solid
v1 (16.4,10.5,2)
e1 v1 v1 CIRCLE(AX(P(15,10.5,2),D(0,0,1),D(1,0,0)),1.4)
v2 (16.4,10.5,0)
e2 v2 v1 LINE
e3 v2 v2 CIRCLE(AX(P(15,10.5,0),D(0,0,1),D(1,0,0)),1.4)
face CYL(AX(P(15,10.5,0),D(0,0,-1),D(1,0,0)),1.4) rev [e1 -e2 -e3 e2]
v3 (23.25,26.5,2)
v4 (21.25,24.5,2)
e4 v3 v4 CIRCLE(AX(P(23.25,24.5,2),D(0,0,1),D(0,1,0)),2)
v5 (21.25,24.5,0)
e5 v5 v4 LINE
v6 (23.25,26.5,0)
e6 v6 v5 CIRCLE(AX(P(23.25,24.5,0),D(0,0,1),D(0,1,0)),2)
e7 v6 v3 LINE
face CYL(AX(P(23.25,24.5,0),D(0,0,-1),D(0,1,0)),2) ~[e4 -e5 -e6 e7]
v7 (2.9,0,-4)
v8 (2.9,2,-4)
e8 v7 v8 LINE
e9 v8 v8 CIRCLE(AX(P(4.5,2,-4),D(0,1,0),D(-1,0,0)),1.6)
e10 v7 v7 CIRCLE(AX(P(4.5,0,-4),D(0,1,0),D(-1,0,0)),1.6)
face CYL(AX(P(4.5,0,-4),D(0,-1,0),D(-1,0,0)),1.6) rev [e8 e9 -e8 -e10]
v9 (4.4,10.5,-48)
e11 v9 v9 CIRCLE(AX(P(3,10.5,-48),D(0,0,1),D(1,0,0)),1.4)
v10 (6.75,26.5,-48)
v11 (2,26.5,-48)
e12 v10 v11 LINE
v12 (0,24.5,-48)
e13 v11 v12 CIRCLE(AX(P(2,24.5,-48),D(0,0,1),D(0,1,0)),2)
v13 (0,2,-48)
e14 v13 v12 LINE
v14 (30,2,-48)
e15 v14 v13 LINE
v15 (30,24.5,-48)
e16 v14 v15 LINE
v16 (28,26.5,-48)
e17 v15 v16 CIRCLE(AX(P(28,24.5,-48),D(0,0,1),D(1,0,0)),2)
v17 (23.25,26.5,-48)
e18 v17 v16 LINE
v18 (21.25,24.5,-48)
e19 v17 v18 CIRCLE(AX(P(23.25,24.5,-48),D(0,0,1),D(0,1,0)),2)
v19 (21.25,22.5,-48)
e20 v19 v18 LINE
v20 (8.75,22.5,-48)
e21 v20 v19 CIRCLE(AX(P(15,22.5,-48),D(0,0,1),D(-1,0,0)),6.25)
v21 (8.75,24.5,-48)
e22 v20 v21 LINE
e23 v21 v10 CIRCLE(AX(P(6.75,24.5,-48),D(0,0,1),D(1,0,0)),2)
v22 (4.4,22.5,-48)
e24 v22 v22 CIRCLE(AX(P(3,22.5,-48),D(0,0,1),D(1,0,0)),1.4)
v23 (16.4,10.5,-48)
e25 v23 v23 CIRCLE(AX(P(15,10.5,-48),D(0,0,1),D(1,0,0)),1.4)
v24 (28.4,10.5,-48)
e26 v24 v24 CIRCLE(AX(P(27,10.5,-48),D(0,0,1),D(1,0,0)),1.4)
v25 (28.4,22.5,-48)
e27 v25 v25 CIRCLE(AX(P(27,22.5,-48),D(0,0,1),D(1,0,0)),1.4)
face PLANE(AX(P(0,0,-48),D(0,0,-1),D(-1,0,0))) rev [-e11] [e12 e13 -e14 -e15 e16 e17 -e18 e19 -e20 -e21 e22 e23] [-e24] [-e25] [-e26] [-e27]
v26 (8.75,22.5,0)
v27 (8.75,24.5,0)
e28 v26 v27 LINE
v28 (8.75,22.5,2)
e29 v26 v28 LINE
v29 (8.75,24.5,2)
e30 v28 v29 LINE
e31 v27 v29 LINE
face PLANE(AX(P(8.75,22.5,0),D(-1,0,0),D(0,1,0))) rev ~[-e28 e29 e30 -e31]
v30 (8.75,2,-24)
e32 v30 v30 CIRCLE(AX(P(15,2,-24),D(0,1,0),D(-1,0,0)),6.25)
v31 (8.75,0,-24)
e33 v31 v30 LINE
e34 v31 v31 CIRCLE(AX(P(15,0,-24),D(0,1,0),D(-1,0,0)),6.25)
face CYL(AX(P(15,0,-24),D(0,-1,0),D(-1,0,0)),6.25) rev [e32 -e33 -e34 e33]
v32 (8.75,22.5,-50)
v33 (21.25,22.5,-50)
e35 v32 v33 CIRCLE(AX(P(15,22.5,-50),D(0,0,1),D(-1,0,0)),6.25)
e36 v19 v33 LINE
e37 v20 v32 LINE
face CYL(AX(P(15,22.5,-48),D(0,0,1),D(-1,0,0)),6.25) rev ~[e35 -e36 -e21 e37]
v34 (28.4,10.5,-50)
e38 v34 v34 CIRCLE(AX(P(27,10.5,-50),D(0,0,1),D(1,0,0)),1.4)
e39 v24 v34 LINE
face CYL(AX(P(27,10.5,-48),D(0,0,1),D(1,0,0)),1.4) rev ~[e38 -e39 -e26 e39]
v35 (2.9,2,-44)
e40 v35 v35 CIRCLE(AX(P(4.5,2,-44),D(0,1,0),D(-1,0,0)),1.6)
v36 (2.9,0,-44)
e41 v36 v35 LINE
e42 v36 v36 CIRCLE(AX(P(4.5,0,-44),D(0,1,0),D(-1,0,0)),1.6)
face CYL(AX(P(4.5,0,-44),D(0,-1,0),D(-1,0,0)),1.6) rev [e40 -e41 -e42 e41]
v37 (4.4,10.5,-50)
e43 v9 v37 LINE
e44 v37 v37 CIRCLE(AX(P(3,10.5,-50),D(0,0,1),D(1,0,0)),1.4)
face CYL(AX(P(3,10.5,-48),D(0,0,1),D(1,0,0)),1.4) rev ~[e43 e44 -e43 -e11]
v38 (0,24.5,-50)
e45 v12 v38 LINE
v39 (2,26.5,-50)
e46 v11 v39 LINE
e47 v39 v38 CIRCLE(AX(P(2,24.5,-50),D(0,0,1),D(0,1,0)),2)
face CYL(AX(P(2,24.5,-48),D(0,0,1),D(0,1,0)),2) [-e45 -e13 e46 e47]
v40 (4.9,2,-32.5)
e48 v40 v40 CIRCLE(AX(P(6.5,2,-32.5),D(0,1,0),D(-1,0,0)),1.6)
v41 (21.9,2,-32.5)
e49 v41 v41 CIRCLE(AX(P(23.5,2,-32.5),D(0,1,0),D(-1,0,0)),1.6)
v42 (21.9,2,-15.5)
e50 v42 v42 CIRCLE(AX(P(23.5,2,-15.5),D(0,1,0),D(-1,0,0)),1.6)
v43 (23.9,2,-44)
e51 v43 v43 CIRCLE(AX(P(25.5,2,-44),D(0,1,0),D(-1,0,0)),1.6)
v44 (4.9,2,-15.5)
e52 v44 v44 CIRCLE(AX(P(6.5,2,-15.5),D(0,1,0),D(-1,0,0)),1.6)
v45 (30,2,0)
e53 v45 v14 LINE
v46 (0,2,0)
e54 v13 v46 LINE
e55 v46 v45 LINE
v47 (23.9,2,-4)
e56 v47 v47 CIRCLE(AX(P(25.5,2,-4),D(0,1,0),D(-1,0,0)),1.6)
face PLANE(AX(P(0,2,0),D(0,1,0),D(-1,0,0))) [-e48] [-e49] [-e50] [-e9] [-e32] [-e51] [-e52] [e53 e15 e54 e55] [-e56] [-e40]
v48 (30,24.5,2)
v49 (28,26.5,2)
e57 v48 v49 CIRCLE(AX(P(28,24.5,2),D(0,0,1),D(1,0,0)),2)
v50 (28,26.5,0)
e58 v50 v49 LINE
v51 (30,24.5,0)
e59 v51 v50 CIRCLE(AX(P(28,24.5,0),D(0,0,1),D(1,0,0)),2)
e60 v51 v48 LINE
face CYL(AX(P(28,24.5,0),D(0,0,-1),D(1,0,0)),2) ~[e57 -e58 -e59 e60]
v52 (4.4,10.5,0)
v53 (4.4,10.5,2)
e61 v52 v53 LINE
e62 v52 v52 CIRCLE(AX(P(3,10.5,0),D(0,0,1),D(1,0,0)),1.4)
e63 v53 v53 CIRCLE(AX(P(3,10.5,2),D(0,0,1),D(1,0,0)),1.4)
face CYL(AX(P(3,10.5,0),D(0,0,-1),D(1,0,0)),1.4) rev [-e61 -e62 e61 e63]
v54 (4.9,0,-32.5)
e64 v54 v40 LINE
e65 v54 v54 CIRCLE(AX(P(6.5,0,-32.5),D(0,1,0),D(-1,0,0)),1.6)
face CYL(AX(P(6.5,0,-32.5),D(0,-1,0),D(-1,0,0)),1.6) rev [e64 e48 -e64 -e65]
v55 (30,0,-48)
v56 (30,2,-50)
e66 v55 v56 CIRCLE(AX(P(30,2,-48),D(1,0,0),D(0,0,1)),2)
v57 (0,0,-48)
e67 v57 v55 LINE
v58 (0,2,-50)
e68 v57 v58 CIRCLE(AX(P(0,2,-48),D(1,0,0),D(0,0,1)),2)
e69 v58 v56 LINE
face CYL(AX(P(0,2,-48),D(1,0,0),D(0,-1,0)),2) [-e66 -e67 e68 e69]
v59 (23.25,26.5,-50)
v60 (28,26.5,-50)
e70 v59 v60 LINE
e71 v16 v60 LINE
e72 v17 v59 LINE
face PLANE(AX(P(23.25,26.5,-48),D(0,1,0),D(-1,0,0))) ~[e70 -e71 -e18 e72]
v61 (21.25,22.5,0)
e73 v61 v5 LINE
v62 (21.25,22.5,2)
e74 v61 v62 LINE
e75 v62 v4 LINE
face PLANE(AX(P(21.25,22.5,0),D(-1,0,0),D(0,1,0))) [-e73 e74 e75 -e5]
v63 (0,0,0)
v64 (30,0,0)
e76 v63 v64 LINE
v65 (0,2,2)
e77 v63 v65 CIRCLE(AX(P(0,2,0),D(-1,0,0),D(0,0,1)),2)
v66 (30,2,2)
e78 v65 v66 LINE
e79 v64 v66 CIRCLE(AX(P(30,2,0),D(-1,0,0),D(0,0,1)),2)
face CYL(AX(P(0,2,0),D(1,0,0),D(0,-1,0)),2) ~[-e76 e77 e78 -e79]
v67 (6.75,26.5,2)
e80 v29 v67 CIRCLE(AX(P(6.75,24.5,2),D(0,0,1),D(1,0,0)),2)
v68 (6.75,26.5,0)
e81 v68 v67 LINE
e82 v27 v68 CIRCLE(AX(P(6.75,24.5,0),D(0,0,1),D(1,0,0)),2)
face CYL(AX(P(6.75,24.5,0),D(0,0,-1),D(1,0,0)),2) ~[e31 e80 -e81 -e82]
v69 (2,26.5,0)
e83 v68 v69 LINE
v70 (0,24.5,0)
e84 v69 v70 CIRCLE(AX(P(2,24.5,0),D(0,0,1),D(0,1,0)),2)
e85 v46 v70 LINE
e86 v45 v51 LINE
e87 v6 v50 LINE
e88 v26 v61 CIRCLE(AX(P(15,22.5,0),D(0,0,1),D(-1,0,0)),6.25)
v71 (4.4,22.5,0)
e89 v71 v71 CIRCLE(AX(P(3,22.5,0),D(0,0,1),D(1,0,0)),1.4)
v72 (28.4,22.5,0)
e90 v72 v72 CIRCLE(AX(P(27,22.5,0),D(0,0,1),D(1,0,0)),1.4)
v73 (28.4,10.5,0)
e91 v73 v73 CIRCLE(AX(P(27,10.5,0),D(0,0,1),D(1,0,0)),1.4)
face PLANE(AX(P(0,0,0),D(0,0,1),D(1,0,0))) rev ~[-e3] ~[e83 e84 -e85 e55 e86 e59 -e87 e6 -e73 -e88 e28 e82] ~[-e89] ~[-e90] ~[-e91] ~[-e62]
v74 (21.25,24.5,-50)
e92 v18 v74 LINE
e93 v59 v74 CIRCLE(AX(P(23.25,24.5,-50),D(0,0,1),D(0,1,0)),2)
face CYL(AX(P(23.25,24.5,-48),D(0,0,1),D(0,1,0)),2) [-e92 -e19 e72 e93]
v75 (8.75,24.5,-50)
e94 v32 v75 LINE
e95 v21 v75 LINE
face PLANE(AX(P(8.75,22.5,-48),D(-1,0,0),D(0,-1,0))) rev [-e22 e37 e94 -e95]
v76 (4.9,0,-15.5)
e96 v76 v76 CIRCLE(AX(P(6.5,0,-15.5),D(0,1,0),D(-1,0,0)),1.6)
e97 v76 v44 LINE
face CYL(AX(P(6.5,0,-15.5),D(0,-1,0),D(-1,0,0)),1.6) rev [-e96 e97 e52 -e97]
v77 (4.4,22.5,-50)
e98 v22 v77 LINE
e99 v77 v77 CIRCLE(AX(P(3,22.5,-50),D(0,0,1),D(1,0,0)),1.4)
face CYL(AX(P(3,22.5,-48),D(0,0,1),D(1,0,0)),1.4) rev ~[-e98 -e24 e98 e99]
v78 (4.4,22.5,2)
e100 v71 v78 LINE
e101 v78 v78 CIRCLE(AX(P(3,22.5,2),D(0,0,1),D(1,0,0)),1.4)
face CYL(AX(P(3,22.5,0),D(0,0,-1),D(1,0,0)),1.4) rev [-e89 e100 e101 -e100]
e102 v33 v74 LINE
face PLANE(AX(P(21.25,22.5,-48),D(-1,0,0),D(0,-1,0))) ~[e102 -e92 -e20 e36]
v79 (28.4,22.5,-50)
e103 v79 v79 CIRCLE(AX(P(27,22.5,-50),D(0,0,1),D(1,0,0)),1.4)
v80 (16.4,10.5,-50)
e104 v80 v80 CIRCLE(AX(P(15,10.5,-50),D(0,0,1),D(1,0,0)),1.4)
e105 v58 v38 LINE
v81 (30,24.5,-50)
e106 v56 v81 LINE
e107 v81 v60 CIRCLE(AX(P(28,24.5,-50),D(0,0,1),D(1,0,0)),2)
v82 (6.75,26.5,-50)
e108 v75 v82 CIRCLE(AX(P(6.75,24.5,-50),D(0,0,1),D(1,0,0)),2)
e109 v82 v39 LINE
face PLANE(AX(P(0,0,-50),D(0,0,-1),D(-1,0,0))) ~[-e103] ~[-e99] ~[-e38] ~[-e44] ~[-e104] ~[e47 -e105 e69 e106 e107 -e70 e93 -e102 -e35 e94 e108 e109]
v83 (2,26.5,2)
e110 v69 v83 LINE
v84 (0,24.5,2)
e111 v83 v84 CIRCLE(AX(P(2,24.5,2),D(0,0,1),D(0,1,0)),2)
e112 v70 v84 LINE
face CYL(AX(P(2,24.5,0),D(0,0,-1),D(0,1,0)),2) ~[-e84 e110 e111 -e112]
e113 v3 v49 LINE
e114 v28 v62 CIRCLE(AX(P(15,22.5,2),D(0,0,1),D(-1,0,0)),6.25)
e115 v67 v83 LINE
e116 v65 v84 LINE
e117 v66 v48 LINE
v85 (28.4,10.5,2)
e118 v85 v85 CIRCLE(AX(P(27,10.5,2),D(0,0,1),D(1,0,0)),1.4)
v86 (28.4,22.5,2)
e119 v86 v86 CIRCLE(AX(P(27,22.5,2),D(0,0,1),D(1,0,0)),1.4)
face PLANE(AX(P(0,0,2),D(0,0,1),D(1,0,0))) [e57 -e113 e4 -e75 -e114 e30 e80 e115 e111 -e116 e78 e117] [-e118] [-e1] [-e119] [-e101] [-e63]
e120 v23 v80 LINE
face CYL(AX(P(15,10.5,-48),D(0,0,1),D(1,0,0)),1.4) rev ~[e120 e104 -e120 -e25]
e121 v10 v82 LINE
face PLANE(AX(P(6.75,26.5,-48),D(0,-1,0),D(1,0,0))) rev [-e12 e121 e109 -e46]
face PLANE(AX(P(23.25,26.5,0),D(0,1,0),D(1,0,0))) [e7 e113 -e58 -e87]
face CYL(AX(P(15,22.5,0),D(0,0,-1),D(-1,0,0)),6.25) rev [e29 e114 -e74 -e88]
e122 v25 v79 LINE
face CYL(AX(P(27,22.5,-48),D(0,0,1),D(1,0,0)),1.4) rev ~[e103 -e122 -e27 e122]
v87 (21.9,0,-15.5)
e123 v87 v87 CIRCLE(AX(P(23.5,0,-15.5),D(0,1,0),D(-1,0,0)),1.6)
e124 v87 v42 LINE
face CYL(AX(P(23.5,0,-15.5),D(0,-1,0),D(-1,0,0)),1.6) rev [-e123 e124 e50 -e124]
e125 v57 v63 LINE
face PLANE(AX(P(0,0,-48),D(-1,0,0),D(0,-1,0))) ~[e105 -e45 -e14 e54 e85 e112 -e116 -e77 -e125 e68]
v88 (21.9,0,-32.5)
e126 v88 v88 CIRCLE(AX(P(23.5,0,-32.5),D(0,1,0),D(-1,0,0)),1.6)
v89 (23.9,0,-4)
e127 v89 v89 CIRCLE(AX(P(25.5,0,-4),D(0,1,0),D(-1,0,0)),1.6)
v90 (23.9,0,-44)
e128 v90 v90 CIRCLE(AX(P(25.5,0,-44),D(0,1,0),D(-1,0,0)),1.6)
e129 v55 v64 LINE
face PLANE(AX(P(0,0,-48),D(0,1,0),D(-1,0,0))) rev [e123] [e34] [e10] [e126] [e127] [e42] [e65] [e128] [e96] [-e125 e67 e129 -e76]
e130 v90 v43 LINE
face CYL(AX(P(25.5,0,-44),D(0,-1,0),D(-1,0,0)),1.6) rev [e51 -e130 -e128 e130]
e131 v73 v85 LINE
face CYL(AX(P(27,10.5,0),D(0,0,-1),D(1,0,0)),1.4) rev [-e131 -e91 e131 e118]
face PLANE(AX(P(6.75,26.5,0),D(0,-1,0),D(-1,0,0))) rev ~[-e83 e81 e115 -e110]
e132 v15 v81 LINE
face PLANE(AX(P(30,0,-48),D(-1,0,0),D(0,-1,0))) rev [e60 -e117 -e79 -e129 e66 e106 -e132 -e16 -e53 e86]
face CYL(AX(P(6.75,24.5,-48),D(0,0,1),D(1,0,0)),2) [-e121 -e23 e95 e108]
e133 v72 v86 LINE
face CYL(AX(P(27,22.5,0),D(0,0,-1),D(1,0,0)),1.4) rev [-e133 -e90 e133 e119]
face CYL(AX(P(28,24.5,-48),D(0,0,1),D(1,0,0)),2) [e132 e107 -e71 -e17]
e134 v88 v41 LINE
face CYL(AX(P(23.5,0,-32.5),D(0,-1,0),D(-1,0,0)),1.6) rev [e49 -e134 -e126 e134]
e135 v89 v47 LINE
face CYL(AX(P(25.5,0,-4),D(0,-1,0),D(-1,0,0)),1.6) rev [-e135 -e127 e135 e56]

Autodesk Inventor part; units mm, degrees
ref_plane "YZ Plane" through (0, 0, 0) normal (1, 0, 0) x (0, 1, 0)
ref_plane "XZ Plane" through (0, 0, 0) normal (0, 1, 0) x (-1, 0, 0)
ref_plane "XY Plane" through (0, 0, 0) normal (0, 0, 1) x (1, 0, 0)
sketch "Sketch1" plane through (0, 0, 0) normal (0, 1, 0) x (-1, 0, 0)
  line L0 (0, 0) -> (-30, 0)
  line L1 (-30, 0) -> (-30, -48)
  line L2 (-30, -48) -> (0, -48)
  line L3 (0, -48) -> (0, 0)
  circle A0 centre (-15, -24) radius 6.25
  circle A1 centre (-23.5, -32.5) radius 1.6
  circle A2 centre (-6.5, -32.5) radius 1.6
  circle A3 centre (-4.5, -44) radius 1.6
  circle A4 centre (-25.5, -44) radius 1.6
  circle A5 centre (-23.5, -15.5) radius 1.6
  circle A6 centre (-6.5, -15.5) radius 1.6
  circle A7 centre (-4.5, -4) radius 1.6
  circle A8 centre (-25.5, -4) radius 1.6
  line L4 (-4.5, -44) -> (-25.5, -44) construction
  line L5 (-25.5, -44) -> (-25.5, -4) construction
  line L6 (-6.5, -32.5) -> (-23.5, -32.5) construction
  line L7 (-23.5, -32.5) -> (-23.5, -15.5) construction
  point P0 (0, -24)
  point P1 (-15, -48)
  point P2 (-23.5, -24)
  point P3 (-30, -24)
  point P4 (-25.5, -24)
  point P5 (-15, -32.5)
  point P6 (-15, -44)
  dimension "d0" = 30
  dimension "d1" = 48
  dimension "d2" = 12.5
  dimension "d3" = 3.2
  dimension "d4" = 17
  dimension "d5" = 17
  dimension "d6" = 40
  dimension "d7" = 21
extrude "Extrusion1" add sketch "Sketch1" along normal blind 2
sketch "Sketch2" plane through (0, 0, 0) normal (0, 0, 1) x (1, 0, 0)
  line L0 (0, 0) -> (30, 0) construction
  line L1 (0, 0) -> (0, 24.5)
  line L2 (30, 0) -> (30, 24.5)
  arc A0 (8.75, 22.5) -> (21.25, 22.5) centre (15, 22.5) ccw
  line L3 (21.25, 22.5) -> (21.25, 24.5)
  line L4 (23.25, 26.5) -> (28, 26.5)
  line L5 (8.75, 22.5) -> (8.75, 24.5)
  line L6 (6.75, 26.5) -> (2, 26.5)
  arc A1 (8.75, 24.5) -> (6.75, 26.5) centre (6.75, 24.5) ccw
  arc A2 (2, 26.5) -> (0, 24.5) centre (2, 24.5) ccw
  arc A3 (30, 24.5) -> (28, 26.5) centre (28, 24.5) ccw
  arc A4 (23.25, 26.5) -> (21.25, 24.5) centre (23.25, 24.5) ccw
  circle A5 centre (27, 22.5) radius 1.4
  circle A6 centre (27, 10.5) radius 1.4
  circle A7 centre (15, 10.5) radius 1.4
  circle A8 centre (3, 10.5) radius 1.4
  circle A9 centre (3, 22.5) radius 1.4
  line L7 (3, 10.5) -> (27, 10.5) construction
  line L8 (0, 0) -> (30, 0)
  point P0 (0, 26.5)
  point P1 (30, 26.5)
  point P2 (15, 0)
  point P3 (15, 0)
  point P4 (15, 0)
  dimension "d10" = 26.5
  dimension "d11" = 26.5
  dimension "d12" = 12.5
  dimension "d13" = 22.5
  dimension "d14" = 2
  dimension "d15" = 2.8
  dimension "d16" = 12
  dimension "d17" = 24
extrude "Extrusion2" add sketch "Sketch2" along normal blind 2
fillet "Fillet1" radius 2 1 edges at (15, 0, 2)
ref_plane "Work Plane1" through (0, 0, -24) normal (0, 0, -1) x (-1, 0, 0)
sketch "Sketch3" plane through (0, 0, -24) normal (0, 0, -1) x (-1, 0, 0)
  point P0 (0, 0)
mirror "Mirror1" about plane through (0, 0, -24) normal (0, 0, -1) of "Extrusion2", "Fillet1"
properties part number "SmallerBracket"
